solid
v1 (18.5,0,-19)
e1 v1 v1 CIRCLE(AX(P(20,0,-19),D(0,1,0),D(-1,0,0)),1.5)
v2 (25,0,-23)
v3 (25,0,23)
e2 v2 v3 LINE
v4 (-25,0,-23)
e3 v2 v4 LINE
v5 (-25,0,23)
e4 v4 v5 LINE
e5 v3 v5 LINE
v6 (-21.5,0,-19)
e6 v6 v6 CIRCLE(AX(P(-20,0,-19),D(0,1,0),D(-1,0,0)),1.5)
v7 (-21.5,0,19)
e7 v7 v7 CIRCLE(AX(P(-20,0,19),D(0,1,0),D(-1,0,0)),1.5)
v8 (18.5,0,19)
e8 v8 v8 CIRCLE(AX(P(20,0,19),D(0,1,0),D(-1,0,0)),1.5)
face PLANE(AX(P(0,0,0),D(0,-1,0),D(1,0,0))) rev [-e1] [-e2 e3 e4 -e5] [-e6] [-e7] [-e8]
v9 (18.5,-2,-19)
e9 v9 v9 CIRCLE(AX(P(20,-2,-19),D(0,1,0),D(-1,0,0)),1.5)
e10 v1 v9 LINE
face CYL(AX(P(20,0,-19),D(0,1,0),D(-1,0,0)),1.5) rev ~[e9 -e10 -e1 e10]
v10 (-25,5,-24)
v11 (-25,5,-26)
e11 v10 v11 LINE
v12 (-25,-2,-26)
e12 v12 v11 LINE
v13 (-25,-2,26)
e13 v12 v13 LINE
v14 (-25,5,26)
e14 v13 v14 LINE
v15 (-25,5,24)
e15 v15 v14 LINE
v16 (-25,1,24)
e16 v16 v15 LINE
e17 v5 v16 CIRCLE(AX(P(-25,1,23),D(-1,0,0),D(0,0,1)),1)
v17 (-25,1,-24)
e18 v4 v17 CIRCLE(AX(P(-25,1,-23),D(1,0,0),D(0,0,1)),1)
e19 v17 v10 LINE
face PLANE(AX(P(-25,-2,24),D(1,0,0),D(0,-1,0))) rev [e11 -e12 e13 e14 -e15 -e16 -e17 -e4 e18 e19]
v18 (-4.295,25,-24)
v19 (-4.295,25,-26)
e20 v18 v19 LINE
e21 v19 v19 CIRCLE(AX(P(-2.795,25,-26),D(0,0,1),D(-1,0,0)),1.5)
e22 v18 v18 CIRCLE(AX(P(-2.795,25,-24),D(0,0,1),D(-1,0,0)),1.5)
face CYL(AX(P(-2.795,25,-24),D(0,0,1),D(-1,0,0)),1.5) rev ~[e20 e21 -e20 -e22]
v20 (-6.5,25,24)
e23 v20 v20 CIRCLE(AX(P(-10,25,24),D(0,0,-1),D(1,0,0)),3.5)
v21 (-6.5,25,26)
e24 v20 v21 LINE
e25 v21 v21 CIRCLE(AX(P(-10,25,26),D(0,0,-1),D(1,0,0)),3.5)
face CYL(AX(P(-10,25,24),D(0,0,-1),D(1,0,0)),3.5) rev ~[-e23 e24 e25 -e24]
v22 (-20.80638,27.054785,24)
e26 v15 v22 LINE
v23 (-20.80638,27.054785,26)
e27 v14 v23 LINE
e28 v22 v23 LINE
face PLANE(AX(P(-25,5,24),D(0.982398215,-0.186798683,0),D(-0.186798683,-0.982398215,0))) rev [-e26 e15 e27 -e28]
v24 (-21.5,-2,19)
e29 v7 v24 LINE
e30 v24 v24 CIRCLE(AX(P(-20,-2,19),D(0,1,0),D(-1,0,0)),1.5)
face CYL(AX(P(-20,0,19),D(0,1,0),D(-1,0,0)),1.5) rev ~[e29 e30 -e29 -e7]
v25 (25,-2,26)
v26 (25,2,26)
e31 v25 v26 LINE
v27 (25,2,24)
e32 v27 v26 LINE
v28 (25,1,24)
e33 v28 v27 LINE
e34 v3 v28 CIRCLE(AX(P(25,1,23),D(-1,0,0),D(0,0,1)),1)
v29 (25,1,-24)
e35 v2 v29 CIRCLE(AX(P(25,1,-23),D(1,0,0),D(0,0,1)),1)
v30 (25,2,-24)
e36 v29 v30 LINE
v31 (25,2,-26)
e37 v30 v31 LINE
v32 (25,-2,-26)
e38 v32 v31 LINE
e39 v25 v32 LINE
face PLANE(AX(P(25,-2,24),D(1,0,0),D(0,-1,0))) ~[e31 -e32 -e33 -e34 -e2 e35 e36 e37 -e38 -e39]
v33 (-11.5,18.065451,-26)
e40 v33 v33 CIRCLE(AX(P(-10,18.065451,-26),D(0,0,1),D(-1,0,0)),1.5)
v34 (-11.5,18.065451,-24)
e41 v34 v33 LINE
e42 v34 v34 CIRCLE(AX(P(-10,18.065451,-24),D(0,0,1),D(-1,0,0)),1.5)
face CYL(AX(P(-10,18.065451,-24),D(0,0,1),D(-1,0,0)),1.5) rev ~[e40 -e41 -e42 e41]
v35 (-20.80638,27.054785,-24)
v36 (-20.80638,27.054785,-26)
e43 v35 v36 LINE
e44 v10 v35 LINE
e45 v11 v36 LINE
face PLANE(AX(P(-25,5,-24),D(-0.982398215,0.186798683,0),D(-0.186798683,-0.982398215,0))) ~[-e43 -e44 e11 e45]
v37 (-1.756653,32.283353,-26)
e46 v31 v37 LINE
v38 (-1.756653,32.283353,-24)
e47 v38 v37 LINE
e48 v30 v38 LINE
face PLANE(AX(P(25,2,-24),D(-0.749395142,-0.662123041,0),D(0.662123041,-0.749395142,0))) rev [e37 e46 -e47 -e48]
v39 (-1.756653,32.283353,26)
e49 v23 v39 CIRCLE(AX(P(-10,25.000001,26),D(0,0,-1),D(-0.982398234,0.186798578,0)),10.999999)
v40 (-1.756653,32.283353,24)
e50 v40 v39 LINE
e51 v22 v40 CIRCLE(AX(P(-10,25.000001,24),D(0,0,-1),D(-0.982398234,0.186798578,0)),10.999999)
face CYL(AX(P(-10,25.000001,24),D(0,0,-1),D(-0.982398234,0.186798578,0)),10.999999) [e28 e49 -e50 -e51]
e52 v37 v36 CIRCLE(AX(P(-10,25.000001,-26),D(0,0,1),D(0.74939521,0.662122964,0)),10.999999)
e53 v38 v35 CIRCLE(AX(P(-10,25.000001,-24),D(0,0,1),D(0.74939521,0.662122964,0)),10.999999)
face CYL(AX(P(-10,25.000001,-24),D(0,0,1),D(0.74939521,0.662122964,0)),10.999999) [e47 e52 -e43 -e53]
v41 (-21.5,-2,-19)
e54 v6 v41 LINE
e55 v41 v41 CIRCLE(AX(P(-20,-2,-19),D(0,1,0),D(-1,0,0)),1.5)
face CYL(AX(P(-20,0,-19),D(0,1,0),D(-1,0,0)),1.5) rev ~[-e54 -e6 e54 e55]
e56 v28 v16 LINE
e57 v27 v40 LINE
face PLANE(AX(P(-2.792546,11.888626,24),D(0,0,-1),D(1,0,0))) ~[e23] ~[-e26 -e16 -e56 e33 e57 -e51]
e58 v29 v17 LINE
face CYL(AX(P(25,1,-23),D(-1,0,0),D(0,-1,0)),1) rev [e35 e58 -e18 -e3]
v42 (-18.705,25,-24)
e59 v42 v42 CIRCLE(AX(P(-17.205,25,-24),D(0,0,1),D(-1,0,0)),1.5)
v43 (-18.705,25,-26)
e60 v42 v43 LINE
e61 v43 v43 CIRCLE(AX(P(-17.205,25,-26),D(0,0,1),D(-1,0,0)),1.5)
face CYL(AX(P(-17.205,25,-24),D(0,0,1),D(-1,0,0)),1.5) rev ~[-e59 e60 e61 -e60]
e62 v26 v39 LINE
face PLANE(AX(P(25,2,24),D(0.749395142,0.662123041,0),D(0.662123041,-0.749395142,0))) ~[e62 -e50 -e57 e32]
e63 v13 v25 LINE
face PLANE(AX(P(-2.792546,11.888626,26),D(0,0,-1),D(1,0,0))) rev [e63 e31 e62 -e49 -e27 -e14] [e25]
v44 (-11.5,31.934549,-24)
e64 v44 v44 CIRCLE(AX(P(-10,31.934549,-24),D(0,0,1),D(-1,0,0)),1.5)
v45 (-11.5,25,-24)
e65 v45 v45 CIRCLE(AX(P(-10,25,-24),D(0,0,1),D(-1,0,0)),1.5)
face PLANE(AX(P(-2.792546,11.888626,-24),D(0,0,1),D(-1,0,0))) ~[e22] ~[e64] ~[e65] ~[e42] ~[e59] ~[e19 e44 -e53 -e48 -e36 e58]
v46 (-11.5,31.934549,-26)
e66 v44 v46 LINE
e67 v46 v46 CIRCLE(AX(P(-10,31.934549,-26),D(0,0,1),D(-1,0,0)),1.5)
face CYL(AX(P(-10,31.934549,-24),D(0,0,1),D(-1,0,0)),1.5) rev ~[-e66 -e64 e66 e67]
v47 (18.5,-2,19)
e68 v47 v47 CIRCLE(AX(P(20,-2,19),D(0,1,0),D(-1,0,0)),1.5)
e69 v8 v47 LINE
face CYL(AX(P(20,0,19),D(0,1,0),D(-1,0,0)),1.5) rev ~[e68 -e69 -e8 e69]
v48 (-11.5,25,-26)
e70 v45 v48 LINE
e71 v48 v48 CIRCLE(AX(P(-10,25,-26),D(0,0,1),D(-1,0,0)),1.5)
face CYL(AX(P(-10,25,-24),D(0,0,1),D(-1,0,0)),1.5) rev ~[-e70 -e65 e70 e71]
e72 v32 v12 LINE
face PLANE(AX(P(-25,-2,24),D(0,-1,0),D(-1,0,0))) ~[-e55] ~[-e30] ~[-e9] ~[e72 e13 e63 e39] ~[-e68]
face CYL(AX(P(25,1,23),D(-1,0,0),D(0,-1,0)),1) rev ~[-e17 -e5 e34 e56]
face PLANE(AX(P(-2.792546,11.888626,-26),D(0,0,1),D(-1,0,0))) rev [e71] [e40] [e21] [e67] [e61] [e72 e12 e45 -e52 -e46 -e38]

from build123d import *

# Parameters (mm, degrees)
SKETCH_W     = 50
SKETCH_H     = 48
SKETCH_R     = 1.5
PAD_DEPTH    = 2
SKETCH003_R  = 1.5
PAD001_DEPTH = 2
SKETCH004_R  = 3.5
PAD002_DEPTH = 2
FILLET_R     = 1
FILLET001_R  = 1


with BuildPart() as body:
    # Sketch → Pad (new body)
    with BuildSketch(Plane.XZ):
        Rectangle(SKETCH_W, SKETCH_H)
        with Locations((-20, 19)):
            Circle(SKETCH_R, mode=Mode.SUBTRACT)
        with Locations((20, 19)):
            Circle(SKETCH_R, mode=Mode.SUBTRACT)
        with Locations((-20, -19)):
            Circle(SKETCH_R, mode=Mode.SUBTRACT)
        with Locations((20, -19)):
            Circle(SKETCH_R, mode=Mode.SUBTRACT)
    extrude(amount=PAD_DEPTH)

    # Sketch003 (on Face3 of Pad) → Pad001 (join)
    with BuildSketch(Plane(origin=(0, 0, -24), x_dir=(1, 0, 0), z_dir=(0, 0, -1))):
        with BuildLine():
            Line((-25, 0), (-25, 2))
            Line((-25, 2), (25, 2))
            Line((25, 2), (25, 0))
            Line((25, 0), (25, -5))
            Line((25, -5), (20.80638, -27.054785))
            ThreePointArc((1.756653, -32.283353), (12.911489, -35.607697), (20.80638, -27.054785))
            Line((-25, -2), (1.756653, -32.283353))
            Line((-25, 0), (-25, -2))
        make_face()
        with Locations((10, -31.934549)):
            Circle(SKETCH003_R, mode=Mode.SUBTRACT)
        with Locations((17.205, -25)):
            Circle(SKETCH003_R, mode=Mode.SUBTRACT)
        with Locations((10, -25)):
            Circle(SKETCH003_R, mode=Mode.SUBTRACT)
        with Locations((2.795, -25)):
            Circle(SKETCH003_R, mode=Mode.SUBTRACT)
        with Locations((10, -18.065451)):
            Circle(SKETCH003_R, mode=Mode.SUBTRACT)
    extrude(amount=PAD001_DEPTH)

    # Sketch004 (on Face1 of Pad) → Pad002 (join)
    with BuildSketch(Plane(origin=(0, 0, 24), x_dir=(-1, 0, 0), z_dir=(0, 0, 1))):
        with BuildLine():
            Line((-25, 2), (25, 2))
            Line((25, 2), (25, 0))
            Line((25, 0), (25, -2))
            Line((25, -2), (-1.756653, -32.283353))
            ThreePointArc((-20.80638, -27.054785), (-12.911489, -35.607697), (-1.756653, -32.283353))
            Line((-25, -5), (-20.80638, -27.054785))
            Line((-25, 0), (-25, -5))
            Line((-25, 0), (-25, 2))
        make_face()
        with Locations((-10, -25)):
            Circle(SKETCH004_R, mode=Mode.SUBTRACT)
    extrude(amount=PAD002_DEPTH)

    # Fillet
    fillet_edges = [body.edges().sort_by_distance(p)[0] for p in [
        (0, 0, -24),
    ]]
    fillet(fillet_edges, radius=FILLET_R)

    # Fillet001
    fillet001_edges = [body.edges().sort_by_distance(p)[0] for p in [
        (0, 0, 24),
    ]]
    fillet(fillet001_edges, radius=FILLET001_R)


with BuildPart() as part_mirroring:
    # Part__Mirroring: instance of Body
    add(body.part.mirror(Plane(origin=(0, 0, 0), x_dir=(0, -1, 0), z_dir=(1, 0, 0))))


solid = part_mirroring.part
